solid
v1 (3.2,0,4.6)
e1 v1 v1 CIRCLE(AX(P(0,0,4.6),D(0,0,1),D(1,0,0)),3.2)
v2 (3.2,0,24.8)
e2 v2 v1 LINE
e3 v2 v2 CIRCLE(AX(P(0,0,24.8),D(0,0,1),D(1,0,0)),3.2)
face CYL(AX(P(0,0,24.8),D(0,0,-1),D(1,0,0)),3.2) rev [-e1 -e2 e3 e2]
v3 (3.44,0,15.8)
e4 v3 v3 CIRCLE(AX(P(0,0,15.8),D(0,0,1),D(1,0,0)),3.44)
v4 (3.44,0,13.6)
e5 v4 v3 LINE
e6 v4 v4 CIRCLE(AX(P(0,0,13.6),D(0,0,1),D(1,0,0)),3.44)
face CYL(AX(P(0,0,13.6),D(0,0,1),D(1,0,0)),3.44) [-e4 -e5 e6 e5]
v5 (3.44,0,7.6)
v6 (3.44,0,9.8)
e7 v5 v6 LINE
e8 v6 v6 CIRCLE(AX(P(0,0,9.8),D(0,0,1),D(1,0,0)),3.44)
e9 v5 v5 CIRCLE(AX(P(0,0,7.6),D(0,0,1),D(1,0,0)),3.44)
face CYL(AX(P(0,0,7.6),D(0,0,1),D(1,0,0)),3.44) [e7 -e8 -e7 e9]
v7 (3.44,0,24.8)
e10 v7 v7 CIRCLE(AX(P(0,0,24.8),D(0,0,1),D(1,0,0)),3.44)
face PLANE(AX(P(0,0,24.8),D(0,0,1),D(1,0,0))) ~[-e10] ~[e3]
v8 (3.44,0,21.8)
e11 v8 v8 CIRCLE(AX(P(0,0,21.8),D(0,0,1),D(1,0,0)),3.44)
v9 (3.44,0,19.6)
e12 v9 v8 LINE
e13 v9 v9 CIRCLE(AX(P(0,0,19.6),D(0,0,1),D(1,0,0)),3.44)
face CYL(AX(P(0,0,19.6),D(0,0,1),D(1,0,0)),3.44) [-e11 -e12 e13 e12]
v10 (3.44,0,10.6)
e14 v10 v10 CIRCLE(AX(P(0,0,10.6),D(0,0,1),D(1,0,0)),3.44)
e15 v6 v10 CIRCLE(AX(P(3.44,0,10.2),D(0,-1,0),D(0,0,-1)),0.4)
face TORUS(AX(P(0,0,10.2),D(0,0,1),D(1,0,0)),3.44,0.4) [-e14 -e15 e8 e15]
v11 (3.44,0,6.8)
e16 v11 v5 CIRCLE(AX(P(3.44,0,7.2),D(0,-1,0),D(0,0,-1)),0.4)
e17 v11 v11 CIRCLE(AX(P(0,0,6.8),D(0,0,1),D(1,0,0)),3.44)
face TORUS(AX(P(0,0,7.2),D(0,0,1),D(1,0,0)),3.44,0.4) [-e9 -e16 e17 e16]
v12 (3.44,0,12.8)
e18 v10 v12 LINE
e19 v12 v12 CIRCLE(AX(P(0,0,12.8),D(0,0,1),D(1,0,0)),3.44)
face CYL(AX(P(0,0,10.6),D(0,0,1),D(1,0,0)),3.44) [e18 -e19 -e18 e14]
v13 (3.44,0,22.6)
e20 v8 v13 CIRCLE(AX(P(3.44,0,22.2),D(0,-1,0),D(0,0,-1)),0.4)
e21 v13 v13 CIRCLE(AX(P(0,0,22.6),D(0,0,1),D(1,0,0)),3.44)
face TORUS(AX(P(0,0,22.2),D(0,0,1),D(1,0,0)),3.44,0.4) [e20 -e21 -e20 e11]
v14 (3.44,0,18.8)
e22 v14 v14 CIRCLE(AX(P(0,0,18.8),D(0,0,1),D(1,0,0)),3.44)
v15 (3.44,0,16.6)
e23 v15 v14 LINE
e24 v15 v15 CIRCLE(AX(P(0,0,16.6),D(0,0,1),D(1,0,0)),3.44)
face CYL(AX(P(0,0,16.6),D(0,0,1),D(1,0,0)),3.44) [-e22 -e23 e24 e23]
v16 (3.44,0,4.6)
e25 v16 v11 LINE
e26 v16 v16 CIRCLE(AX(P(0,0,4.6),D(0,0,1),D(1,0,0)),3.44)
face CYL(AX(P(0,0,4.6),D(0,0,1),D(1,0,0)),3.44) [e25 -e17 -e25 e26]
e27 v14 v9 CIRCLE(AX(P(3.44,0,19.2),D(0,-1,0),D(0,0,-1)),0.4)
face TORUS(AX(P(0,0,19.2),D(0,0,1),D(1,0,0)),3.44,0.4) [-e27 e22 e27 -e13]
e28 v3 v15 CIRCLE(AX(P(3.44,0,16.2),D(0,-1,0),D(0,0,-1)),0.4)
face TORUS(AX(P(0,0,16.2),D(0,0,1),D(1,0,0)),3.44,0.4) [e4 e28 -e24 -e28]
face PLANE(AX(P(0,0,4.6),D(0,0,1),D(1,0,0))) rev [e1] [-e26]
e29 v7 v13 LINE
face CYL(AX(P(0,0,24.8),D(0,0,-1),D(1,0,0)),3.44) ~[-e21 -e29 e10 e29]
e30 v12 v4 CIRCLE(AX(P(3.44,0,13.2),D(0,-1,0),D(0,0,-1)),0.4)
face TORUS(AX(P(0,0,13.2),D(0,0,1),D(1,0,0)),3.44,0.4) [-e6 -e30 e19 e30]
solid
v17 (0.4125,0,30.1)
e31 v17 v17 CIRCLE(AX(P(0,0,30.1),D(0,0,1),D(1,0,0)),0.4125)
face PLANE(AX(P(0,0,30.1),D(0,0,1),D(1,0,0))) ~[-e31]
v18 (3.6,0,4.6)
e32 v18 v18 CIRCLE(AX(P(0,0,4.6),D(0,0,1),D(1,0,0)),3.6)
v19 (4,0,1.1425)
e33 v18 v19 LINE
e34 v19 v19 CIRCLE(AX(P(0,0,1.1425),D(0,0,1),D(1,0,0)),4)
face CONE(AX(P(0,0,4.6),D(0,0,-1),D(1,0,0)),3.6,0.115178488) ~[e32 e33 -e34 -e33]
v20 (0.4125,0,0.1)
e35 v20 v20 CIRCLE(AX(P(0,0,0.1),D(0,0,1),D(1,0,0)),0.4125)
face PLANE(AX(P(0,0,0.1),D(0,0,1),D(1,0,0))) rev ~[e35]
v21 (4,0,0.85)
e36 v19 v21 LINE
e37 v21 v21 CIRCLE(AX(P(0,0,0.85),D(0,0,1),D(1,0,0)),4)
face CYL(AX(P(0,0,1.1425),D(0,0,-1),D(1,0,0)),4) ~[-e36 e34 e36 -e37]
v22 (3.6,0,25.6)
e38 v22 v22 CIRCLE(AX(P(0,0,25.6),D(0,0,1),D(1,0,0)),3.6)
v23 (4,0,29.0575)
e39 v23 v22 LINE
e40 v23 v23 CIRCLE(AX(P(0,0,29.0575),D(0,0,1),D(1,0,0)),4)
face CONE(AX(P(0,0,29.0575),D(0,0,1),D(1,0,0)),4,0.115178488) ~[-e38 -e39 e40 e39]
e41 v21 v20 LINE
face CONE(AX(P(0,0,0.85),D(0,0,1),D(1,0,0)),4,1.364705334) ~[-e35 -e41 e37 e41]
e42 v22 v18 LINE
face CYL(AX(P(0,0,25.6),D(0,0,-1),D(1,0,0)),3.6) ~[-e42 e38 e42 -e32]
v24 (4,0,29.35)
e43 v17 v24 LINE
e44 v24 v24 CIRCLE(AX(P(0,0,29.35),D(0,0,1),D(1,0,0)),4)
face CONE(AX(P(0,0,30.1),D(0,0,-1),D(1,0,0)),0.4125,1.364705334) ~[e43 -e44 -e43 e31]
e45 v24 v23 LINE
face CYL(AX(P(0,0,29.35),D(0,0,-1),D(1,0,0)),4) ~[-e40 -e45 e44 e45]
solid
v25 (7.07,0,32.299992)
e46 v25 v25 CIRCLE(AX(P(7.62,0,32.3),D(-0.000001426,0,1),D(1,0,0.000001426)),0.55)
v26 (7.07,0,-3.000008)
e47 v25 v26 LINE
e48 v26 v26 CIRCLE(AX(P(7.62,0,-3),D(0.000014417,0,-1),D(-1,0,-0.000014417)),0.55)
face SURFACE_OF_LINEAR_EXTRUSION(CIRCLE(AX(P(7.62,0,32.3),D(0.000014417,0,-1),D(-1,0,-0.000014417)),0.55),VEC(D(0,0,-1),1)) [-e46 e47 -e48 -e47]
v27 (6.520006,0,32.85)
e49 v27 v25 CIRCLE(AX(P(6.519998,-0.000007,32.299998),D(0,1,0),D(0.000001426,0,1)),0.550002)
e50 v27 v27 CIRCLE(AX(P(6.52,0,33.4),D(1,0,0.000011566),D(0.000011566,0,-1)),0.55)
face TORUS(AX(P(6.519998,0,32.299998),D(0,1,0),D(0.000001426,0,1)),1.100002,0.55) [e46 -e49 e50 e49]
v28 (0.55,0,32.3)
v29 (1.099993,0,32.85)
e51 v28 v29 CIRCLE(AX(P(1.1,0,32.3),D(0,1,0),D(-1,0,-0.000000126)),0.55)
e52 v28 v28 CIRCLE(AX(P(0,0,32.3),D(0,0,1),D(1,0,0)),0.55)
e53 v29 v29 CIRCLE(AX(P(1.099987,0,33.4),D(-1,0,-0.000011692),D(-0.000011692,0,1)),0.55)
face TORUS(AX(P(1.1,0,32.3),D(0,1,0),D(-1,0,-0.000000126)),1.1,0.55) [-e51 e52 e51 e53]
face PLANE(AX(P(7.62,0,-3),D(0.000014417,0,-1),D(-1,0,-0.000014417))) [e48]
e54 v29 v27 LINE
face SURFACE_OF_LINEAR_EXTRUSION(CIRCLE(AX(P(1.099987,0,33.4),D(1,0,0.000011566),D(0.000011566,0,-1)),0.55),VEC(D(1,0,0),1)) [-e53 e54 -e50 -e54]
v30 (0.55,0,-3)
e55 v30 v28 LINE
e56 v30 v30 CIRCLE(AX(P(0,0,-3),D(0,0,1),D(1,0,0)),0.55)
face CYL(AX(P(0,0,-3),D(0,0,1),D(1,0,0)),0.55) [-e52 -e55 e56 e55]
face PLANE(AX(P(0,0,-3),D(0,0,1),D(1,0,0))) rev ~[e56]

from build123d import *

# Parameters (mm, degrees)
SKETCH_R = 0.55


with BuildPart() as sweep_body:
    # Sweep: sweep along a path in Sketch001
    with BuildLine(Plane.XZ) as sweep_path:
        Line((0, -3), (0, 32.3))
        ThreePointArc((0, 32.3), (0.322178, 33.077813), (1.099987, 33.4))
        Line((1.099987, 33.4), (6.52, 33.4))
        ThreePointArc((6.52, 33.4), (7.297817, 33.077817), (7.62, 32.3))
        Line((7.62, 32.3), (7.62, -3))
    # Sketch → Sweep (sweep)
    with BuildSketch(Plane.XY.offset(-2)):
        Circle(SKETCH_R)
    sweep(path=sweep_path.line)


with BuildPart() as revolution:
    # Sketch002 → Revolution (revolve)
    with BuildSketch(Plane.XZ):
        Polygon((0, 0.1), (0, 30.1), (0.4125, 30.1), (4, 29.35), (4, 29.0575), (3.6, 25.6), (3.6, 4.6), (4, 1.1425), (4, 0.85), (0.4125, 0.1), align=None)
    revolve(axis=Axis((0, 0, 0), (0, 0, 1)))


with BuildPart() as revolution001:
    # Sketch003 → Revolution001 (revolve)
    with BuildSketch(Plane.XZ):
        with BuildLine():
            Line((3.2, 24.8), (3.2, 4.6))
            Line((3.2, 4.6), (3.44, 4.6))
            Line((3.44, 4.6), (3.44, 6.8))
            ThreePointArc((3.44, 6.8), (3.84, 7.2), (3.44, 7.6))
            Line((3.44, 7.6), (3.44, 9.8))
            ThreePointArc((3.44, 9.8), (3.84, 10.2), (3.44, 10.6))
            Line((3.44, 10.6), (3.44, 12.8))
            ThreePointArc((3.44, 12.8), (3.84, 13.2), (3.44, 13.6))
            Line((3.44, 13.6), (3.44, 15.8))
            ThreePointArc((3.44, 15.8), (3.84, 16.2), (3.44, 16.6))
            Line((3.44, 16.6), (3.44, 18.8))
            ThreePointArc((3.44, 18.8), (3.84, 19.2), (3.44, 19.6))
            Line((3.44, 19.6), (3.44, 21.8))
            ThreePointArc((3.44, 21.8), (3.84, 22.2), (3.44, 22.6))
            Line((3.44, 24.8), (3.44, 22.6))
            Line((3.2, 24.8), (3.44, 24.8))
        make_face()
    revolve(axis=Axis((0, 0, 0), (0, 0, 1)))


solid = Compound([sweep_body.part, revolution.part, revolution001.part])
